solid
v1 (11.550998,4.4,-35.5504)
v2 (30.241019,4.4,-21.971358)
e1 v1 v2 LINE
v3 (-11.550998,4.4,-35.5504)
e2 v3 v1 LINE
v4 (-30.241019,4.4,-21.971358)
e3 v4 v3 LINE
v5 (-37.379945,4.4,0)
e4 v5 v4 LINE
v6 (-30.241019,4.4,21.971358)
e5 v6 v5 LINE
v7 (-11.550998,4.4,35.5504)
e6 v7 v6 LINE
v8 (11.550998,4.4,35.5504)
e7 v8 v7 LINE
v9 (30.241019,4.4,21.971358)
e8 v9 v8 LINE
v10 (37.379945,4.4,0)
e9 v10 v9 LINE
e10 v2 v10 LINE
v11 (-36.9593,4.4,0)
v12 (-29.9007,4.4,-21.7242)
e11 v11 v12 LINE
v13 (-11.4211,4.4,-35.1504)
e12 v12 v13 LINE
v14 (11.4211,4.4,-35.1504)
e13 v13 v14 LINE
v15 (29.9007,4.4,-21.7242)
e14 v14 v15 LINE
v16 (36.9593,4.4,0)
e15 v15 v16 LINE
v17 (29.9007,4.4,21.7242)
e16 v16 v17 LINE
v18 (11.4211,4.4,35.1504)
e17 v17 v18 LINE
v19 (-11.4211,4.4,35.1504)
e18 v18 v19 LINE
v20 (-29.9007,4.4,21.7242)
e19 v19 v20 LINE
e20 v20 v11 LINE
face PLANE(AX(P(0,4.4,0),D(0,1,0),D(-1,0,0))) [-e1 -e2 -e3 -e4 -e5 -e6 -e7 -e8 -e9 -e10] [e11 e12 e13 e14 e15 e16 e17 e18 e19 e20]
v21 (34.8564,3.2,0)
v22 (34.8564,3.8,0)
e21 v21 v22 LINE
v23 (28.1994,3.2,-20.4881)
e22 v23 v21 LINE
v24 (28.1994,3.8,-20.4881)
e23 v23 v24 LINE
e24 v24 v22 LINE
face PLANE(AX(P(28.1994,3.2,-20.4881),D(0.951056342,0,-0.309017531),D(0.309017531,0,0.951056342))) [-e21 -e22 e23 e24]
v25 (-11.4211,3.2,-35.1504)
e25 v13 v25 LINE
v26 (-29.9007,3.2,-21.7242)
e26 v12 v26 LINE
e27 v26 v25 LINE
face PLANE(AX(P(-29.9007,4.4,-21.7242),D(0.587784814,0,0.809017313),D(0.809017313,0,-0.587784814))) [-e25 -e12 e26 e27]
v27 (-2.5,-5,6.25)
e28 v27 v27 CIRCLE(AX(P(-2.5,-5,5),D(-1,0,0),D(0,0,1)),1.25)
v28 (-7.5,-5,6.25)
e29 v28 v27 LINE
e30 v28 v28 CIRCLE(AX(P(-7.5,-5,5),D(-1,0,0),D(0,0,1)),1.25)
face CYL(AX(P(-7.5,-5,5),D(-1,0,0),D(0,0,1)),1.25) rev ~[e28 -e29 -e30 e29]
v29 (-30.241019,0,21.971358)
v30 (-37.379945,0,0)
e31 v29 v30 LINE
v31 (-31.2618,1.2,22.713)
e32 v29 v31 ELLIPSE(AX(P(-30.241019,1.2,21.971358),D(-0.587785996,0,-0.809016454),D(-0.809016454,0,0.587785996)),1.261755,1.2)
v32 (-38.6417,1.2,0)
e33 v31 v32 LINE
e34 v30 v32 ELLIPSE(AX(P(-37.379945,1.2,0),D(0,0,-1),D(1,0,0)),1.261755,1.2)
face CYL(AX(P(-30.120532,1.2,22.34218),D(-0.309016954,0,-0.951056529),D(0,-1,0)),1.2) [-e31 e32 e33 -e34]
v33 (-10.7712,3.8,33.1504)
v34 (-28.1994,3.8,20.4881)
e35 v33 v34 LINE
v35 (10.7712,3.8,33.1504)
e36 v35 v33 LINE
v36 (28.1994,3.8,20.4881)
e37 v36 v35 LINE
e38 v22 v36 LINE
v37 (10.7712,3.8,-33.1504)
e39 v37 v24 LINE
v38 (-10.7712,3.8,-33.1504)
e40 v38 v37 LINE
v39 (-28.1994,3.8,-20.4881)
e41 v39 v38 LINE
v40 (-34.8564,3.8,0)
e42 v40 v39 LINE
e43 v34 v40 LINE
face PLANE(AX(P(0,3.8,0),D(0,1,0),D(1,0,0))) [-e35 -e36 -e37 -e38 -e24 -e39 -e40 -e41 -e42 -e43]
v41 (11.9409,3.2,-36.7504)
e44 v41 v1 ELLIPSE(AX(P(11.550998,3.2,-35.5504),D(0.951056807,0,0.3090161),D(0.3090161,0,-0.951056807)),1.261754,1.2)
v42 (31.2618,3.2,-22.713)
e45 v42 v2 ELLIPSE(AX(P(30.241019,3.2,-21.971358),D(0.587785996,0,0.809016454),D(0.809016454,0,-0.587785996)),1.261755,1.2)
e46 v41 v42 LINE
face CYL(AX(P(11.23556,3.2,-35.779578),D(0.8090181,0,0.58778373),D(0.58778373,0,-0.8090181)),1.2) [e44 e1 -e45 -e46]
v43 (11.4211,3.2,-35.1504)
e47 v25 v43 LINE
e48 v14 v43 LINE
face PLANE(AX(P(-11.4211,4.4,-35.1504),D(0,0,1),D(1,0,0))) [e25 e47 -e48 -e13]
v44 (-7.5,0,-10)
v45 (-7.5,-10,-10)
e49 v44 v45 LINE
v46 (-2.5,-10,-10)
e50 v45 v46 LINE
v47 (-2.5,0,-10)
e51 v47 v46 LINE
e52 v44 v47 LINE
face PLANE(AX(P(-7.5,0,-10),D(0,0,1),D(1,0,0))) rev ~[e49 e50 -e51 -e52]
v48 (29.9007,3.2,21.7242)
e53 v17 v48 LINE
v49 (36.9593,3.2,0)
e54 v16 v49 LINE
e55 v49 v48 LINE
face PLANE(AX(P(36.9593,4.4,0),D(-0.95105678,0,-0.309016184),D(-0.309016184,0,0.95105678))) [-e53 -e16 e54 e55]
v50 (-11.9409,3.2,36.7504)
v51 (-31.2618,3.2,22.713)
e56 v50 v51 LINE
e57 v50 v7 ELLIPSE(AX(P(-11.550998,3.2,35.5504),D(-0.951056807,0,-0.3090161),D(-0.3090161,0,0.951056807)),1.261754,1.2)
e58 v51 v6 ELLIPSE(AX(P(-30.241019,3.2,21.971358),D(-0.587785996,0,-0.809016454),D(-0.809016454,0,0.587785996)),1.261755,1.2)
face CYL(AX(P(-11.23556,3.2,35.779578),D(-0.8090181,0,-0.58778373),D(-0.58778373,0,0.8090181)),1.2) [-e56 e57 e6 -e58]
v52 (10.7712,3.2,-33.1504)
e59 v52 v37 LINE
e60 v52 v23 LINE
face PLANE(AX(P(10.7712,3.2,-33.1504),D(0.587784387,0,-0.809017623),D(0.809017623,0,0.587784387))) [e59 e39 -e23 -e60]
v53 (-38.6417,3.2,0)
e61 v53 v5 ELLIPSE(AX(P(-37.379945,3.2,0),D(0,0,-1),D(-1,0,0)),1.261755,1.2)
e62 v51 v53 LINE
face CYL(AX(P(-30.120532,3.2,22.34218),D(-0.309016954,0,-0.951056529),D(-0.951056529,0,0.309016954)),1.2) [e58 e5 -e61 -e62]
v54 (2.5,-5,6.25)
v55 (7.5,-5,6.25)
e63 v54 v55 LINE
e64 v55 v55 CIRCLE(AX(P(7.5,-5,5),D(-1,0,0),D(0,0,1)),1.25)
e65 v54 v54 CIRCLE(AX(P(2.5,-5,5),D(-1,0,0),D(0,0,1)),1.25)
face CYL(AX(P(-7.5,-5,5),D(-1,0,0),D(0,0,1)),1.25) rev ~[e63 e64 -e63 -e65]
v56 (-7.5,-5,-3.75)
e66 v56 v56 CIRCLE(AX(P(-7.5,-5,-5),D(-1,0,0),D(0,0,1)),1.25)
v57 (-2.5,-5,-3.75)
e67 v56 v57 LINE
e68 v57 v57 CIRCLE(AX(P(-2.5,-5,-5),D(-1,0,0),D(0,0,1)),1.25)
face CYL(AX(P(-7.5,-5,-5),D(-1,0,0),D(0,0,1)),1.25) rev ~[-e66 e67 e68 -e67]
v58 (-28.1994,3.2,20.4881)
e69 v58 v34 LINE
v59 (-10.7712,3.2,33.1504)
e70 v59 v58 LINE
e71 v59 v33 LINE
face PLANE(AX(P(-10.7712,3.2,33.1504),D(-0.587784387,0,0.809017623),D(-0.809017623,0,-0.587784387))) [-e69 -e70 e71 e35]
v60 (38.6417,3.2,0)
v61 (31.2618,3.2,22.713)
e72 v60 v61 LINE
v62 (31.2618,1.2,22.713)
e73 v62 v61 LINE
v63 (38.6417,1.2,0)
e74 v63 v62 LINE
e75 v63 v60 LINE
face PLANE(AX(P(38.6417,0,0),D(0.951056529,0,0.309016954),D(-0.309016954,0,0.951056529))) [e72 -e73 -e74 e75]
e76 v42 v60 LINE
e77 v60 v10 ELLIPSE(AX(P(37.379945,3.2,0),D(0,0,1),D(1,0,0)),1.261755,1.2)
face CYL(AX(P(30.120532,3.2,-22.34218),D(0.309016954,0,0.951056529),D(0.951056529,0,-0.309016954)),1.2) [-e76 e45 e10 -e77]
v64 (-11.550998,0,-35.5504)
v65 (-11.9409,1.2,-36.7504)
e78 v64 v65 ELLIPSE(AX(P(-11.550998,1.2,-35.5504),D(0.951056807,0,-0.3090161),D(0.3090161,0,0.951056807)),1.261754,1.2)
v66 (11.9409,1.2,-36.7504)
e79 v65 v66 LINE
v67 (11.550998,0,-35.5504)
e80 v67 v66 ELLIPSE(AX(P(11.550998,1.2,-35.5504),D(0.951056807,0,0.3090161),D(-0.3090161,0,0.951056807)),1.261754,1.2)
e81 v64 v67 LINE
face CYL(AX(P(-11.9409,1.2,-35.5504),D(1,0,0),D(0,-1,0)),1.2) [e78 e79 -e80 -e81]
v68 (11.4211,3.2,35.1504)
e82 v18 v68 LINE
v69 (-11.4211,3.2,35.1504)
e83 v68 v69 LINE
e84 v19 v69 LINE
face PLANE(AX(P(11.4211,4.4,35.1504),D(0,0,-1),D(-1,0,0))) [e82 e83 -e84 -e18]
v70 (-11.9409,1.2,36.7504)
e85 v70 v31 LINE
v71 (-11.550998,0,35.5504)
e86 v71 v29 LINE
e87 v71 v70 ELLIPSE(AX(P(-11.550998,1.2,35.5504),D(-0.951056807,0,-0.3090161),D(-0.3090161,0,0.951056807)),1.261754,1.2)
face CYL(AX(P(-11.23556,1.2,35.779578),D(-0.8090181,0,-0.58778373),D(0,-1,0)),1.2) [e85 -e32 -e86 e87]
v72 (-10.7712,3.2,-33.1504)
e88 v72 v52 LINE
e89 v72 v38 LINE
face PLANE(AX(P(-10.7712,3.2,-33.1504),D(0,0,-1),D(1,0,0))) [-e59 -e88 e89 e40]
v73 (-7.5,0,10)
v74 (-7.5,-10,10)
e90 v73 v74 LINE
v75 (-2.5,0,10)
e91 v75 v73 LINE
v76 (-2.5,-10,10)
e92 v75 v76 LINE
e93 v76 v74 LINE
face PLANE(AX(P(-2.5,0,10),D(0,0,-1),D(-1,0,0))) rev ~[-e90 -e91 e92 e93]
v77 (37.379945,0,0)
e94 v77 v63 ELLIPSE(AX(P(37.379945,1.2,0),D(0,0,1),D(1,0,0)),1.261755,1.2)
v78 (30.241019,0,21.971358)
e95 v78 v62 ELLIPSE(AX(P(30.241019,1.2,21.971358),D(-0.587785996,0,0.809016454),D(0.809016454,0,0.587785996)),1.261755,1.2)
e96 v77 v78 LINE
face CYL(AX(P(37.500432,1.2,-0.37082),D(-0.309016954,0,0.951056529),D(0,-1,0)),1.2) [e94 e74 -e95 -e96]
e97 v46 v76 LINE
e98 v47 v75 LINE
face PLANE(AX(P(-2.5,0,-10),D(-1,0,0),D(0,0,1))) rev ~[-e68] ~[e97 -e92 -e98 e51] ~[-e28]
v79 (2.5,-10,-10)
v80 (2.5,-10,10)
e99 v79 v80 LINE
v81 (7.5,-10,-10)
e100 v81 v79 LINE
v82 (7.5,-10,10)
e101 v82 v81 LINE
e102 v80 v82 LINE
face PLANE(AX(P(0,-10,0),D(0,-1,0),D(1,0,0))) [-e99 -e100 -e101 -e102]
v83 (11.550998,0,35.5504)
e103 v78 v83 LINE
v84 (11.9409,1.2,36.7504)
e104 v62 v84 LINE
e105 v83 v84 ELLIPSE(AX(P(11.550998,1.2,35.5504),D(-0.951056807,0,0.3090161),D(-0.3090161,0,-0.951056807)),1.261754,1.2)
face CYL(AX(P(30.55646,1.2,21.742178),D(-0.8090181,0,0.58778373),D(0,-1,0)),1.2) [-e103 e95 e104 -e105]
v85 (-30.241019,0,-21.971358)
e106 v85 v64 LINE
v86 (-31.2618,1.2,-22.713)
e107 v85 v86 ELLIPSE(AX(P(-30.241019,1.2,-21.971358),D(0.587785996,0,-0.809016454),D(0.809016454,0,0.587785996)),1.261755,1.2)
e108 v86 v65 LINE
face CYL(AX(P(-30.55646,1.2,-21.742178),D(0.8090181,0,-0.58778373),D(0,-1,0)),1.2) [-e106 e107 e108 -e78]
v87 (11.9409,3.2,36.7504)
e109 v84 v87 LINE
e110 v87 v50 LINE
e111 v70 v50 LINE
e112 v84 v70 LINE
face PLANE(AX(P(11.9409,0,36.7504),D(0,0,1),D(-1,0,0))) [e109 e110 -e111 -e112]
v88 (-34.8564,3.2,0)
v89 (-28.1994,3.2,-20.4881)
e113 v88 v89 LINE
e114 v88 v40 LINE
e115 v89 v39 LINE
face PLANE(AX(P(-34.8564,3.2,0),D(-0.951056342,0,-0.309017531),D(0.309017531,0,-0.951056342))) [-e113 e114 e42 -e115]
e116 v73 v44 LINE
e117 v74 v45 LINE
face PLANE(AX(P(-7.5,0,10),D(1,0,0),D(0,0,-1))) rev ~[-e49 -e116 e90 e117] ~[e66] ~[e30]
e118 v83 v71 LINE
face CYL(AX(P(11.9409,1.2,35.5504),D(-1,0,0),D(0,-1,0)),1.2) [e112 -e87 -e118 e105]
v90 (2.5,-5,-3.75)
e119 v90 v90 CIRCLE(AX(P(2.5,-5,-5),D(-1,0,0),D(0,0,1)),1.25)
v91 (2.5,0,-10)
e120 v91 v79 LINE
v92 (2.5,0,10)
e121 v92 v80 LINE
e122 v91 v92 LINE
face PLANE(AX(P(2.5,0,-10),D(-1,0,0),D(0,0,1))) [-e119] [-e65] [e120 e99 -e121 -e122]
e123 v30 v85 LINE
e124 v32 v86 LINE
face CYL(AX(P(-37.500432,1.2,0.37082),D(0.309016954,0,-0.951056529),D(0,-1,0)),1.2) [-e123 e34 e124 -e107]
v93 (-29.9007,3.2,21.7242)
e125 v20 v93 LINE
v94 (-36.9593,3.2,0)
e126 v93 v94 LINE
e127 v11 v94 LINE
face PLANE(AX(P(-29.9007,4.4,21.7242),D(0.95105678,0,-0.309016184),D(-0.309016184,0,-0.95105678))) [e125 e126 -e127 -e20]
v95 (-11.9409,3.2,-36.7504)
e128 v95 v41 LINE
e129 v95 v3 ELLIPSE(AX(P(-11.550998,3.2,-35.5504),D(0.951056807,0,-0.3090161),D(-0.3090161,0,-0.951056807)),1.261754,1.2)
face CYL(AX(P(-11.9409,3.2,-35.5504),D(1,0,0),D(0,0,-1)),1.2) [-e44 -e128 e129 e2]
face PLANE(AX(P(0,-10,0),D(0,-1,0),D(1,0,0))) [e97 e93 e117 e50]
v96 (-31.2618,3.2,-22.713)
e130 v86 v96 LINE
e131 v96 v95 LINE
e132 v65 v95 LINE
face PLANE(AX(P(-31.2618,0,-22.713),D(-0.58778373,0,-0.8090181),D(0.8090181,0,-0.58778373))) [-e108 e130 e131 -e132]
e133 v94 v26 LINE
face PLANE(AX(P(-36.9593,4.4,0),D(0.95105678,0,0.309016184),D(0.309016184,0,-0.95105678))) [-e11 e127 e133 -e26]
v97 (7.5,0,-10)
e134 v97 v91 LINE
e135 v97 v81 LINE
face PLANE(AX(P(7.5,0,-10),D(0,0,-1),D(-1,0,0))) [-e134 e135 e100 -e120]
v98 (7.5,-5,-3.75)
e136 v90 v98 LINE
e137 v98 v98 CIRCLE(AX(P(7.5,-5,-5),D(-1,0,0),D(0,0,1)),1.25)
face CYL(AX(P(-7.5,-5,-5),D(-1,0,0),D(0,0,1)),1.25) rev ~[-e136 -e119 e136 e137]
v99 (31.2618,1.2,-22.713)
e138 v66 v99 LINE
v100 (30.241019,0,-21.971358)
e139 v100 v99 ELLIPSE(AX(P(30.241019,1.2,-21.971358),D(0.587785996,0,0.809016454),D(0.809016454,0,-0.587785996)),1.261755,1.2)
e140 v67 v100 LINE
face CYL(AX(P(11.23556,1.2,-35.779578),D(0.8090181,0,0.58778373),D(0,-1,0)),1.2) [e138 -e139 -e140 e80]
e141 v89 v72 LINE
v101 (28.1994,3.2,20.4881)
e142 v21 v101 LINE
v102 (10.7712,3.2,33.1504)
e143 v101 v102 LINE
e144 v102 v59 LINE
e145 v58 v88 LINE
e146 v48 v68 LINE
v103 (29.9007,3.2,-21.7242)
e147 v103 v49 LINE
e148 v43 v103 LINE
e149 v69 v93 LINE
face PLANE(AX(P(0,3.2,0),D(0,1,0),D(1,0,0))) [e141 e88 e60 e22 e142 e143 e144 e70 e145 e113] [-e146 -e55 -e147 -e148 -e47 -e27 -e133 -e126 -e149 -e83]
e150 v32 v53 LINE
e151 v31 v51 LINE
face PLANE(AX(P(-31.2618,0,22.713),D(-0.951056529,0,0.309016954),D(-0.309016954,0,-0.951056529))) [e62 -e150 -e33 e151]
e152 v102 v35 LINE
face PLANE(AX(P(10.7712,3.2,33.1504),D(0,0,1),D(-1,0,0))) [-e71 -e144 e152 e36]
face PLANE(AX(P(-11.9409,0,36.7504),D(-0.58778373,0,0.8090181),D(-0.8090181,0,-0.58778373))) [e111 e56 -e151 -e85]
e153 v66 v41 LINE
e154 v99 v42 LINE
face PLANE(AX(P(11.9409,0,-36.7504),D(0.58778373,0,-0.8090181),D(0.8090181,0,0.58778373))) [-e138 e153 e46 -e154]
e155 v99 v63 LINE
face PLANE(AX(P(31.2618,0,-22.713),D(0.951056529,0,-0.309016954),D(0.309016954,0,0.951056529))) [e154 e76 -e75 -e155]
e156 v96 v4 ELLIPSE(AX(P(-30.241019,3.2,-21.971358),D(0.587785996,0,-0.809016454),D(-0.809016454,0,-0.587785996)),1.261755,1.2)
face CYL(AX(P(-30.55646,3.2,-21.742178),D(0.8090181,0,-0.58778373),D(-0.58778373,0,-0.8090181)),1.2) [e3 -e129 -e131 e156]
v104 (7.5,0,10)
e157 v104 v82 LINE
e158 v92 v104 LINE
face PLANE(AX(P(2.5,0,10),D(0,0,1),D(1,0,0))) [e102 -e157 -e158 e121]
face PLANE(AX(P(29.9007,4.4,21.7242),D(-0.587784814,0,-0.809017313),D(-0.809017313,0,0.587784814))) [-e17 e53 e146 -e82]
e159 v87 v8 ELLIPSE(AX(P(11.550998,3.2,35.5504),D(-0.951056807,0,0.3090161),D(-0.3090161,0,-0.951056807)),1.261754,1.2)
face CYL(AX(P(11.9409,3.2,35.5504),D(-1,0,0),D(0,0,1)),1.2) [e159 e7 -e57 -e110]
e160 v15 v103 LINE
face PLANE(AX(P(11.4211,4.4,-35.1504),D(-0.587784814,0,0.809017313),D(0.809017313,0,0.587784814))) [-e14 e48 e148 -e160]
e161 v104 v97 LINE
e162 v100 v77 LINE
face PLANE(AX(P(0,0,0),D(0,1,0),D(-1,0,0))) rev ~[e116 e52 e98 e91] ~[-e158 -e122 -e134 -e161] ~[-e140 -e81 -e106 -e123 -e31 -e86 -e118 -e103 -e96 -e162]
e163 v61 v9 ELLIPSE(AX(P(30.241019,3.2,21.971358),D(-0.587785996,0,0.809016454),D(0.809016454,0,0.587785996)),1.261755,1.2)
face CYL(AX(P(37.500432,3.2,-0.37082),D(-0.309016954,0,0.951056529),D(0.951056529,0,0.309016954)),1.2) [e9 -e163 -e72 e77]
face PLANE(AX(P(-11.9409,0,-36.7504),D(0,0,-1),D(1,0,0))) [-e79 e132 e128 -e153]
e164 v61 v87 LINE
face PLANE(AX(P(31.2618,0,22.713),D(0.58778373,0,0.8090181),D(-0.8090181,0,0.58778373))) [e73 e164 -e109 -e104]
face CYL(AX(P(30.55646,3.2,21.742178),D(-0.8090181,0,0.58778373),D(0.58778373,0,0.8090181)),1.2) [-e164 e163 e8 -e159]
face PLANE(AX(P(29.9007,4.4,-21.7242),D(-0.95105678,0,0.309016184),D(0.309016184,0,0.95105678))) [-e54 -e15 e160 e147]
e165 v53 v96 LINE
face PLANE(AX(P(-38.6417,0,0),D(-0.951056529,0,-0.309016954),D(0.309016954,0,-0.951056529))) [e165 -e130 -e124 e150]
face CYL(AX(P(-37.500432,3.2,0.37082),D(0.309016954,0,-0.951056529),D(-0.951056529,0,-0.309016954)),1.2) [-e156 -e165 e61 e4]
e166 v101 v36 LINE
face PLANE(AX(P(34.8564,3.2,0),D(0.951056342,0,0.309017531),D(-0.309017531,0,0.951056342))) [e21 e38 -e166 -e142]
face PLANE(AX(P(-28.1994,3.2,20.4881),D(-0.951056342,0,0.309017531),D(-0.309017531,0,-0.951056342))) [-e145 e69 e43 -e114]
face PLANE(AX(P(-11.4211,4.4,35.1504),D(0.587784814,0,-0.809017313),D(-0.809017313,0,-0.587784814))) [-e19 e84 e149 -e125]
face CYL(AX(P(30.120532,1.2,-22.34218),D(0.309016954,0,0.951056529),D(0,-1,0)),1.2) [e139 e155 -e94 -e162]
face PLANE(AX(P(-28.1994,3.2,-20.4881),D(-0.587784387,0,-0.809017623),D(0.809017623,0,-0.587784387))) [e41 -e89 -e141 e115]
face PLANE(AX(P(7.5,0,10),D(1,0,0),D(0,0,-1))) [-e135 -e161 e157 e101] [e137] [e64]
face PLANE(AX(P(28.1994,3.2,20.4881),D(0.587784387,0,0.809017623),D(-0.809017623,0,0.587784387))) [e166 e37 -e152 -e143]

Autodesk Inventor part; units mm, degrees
ref_plane "YZ Plane" through (0, 0, 0) normal (1, 0, 0) x (0, 1, 0)
ref_plane "XZ Plane" through (0, 0, 0) normal (0, 1, 0) x (-1, 0, 0)
ref_plane "XY Plane" through (0, 0, 0) normal (0, 0, 1) x (1, 0, 0)
sketch "스케치1" plane through (0, 0, 0) normal (0, 1, 0) x (-1, 0, 0)
  line L0 (-10.9012, 33.5504) -> (10.9012, 33.5504)
  line L1 (10.9012, 33.5504) -> (28.5397, 20.7353)
  line L2 (28.5397, 20.7353) -> (35.277, 0)
  line L3 (35.277, 0) -> (28.5397, -20.7353)
  line L4 (28.5397, -20.7353) -> (10.9012, -33.5504)
  line L5 (10.9012, -33.5504) -> (-10.9012, -33.5504)
  line L6 (-10.9012, -33.5504) -> (-28.5397, -20.7353)
  line L7 (-28.5397, -20.7353) -> (-35.277, 0)
  line L8 (-35.277, 0) -> (-28.5397, 20.7353)
  line L9 (-28.5397, 20.7353) -> (-10.9012, 33.5504)
  line L10 (11.9409, -36.7504) -> (-11.9409, -36.7504)
  line L11 (-11.9409, -36.7504) -> (-31.2618, -22.713)
  line L12 (-31.2618, -22.713) -> (-38.6417, 0)
  line L13 (-38.6417, 0) -> (-31.2618, 22.713)
  line L14 (-31.2618, 22.713) -> (-11.9409, 36.7504)
  line L15 (-11.9409, 36.7504) -> (11.9409, 36.7504)
  line L16 (11.9409, 36.7504) -> (31.2618, 22.713)
  line L17 (31.2618, 22.713) -> (38.6417, 0)
  line L18 (38.6417, 0) -> (31.2618, -22.713)
  line L19 (31.2618, -22.713) -> (11.9409, -36.7504)
  point P0 (0, 0)
  point P1 (0, 0)
  point P2 (0, 0)
  dimension "d0" = 70.554
  dimension "d1" = 3.2
extrude "돌출1" add sketch "스케치1" along normal blind 4.4 contours L0 L1 L2 L3 L4 L5 L6 L7 L8 L9 | L10 L11 L12 L13 L14 L15 L16 L17 L18 L19
sketch "스케치2" plane through (0, 4.4, 0) normal (0, 1, 0) x (1, 0, 0)
  line L0 (-11.4211, 35.1504) -> (11.4211, 35.1504)
  line L1 (11.4211, 35.1504) -> (29.9007, 21.7242)
  line L2 (29.9007, 21.7242) -> (36.9593, 0)
  line L3 (36.9593, 0) -> (29.9007, -21.7242)
  line L4 (29.9007, -21.7242) -> (11.4211, -35.1504)
  line L5 (11.4211, -35.1504) -> (-11.4211, -35.1504)
  line L6 (-11.4211, -35.1504) -> (-29.9007, -21.7242)
  line L7 (-29.9007, -21.7242) -> (-36.9593, 0)
  line L8 (-36.9593, 0) -> (-29.9007, 21.7242)
  line L9 (-29.9007, 21.7242) -> (-11.4211, 35.1504)
  line L10 (-31.2618, 22.713) -> (-38.6417, 0) projected
  point P0 (0, 0)
  point P1 (0, 0)
  dimension "d4" = 1.6
extrude "돌출2" cut sketch "스케치2" against normal blind 1.2
sketch "스케치3" plane through (0, 3.2, 0) normal (0, 1, 0) x (1, 0, 0)
  line L0 (-10.7712, 33.1504) -> (10.7712, 33.1504)
  line L1 (10.7712, 33.1504) -> (28.1994, 20.4881)
  line L2 (28.1994, 20.4881) -> (34.8564, 0)
  line L3 (34.8564, 0) -> (28.1994, -20.4881)
  line L4 (28.1994, -20.4881) -> (10.7712, -33.1504)
  line L5 (10.7712, -33.1504) -> (-10.7712, -33.1504)
  line L6 (-10.7712, -33.1504) -> (-28.1994, -20.4881)
  line L7 (-28.1994, -20.4881) -> (-34.8564, 0)
  line L8 (-34.8564, 0) -> (-28.1994, 20.4881)
  line L9 (-28.1994, 20.4881) -> (-10.7712, 33.1504)
  line L10 (-29.9007, 21.7242) -> (-11.4211, 35.1504) projected
  point P0 (0, 0)
  point P1 (0, 0)
  dimension "d7" = 2
extrude "돌출3" add sketch "스케치3" along normal blind 0.6
fillet "모깎기1" radius 1.2 20 edges at (0, 4.4, 36.7504) (0, 0, 36.7504) (-21.6014, 4.4, 29.7317) (-21.6014, 0, 29.7317) (-34.9517, 4.4, 11.3565) (-34.9517, 4.4, -11.3565) (-21.6014, 4.4, -29.7317) (0, 4.4, -36.7504) (21.6014, 4.4, -29.7317) (34.9517, 4.4, -11.3565) (34.9517, 4.4, 11.3565) (21.6014, 4.4, 29.7317) (21.6014, 0, -29.7317) (0, 0, -36.7504) (-21.6014, 0, -29.7317) (-34.9517, 0, -11.3565) (-34.9517, 0, 11.3565) (34.9517, 0, -11.3565) (34.9517, 0, 11.3565) (21.6014, 0, 29.7317)
sketch "스케치4" plane through (0, 0, 0) normal (0, -1, 0) x (1, 0, 0)
  line L0 (-7.5, -10) -> (-2.5, -10)
  line L1 (-2.5, -10) -> (-2.5, 10)
  line L2 (-2.5, 10) -> (-7.5, 10)
  line L3 (-7.5, 10) -> (-7.5, -10)
  line L4 (-7.5, -10) -> (-2.5, 10) construction
  line L5 (-2.5, -10) -> (-7.5, 10) construction
  line L6 (7.5, -10) -> (2.5, -10)
  line L7 (2.5, -10) -> (2.5, 10)
  line L8 (2.5, 10) -> (7.5, 10)
  line L9 (7.5, 10) -> (7.5, -10)
  line L10 (7.5, -10) -> (2.5, 10) construction
  line L11 (2.5, -10) -> (7.5, 10) construction
  point P0 (0, 0)
  point P1 (-5, 0)
  point P2 (5, 0)
  dimension "d11" = 5
  dimension "d12" = 20
  dimension "d13" = 5
  dimension "d14" = 20
  dimension "d15" = 5
  dimension "d16" = 2.5
extrude "돌출4" add sketch "스케치4" along normal blind 10
sketch "스케치5" plane through (-7.5, 0, -10) normal (-1, 0, 0) x (0, 0, 1)
  circle A0 centre (15, -5) radius 1.25
  circle A1 centre (5, -5) radius 1.25
  line L0 (0, 0) -> (0, -10) projected
  line L1 (-11.9714, 0) -> (10, 0) projected
  dimension "d19" = 2.5
  dimension "d20" = 2.5
  dimension "d21" = 5
  dimension "d22" = 5
  dimension "d23" = 10
extrude "돌출5" cut sketch "스케치5" against normal up to surface (15 mm away)
equation "\"d16\" = 0.5 * d15"
properties part number "OV-PAM_n_10_bottom"
